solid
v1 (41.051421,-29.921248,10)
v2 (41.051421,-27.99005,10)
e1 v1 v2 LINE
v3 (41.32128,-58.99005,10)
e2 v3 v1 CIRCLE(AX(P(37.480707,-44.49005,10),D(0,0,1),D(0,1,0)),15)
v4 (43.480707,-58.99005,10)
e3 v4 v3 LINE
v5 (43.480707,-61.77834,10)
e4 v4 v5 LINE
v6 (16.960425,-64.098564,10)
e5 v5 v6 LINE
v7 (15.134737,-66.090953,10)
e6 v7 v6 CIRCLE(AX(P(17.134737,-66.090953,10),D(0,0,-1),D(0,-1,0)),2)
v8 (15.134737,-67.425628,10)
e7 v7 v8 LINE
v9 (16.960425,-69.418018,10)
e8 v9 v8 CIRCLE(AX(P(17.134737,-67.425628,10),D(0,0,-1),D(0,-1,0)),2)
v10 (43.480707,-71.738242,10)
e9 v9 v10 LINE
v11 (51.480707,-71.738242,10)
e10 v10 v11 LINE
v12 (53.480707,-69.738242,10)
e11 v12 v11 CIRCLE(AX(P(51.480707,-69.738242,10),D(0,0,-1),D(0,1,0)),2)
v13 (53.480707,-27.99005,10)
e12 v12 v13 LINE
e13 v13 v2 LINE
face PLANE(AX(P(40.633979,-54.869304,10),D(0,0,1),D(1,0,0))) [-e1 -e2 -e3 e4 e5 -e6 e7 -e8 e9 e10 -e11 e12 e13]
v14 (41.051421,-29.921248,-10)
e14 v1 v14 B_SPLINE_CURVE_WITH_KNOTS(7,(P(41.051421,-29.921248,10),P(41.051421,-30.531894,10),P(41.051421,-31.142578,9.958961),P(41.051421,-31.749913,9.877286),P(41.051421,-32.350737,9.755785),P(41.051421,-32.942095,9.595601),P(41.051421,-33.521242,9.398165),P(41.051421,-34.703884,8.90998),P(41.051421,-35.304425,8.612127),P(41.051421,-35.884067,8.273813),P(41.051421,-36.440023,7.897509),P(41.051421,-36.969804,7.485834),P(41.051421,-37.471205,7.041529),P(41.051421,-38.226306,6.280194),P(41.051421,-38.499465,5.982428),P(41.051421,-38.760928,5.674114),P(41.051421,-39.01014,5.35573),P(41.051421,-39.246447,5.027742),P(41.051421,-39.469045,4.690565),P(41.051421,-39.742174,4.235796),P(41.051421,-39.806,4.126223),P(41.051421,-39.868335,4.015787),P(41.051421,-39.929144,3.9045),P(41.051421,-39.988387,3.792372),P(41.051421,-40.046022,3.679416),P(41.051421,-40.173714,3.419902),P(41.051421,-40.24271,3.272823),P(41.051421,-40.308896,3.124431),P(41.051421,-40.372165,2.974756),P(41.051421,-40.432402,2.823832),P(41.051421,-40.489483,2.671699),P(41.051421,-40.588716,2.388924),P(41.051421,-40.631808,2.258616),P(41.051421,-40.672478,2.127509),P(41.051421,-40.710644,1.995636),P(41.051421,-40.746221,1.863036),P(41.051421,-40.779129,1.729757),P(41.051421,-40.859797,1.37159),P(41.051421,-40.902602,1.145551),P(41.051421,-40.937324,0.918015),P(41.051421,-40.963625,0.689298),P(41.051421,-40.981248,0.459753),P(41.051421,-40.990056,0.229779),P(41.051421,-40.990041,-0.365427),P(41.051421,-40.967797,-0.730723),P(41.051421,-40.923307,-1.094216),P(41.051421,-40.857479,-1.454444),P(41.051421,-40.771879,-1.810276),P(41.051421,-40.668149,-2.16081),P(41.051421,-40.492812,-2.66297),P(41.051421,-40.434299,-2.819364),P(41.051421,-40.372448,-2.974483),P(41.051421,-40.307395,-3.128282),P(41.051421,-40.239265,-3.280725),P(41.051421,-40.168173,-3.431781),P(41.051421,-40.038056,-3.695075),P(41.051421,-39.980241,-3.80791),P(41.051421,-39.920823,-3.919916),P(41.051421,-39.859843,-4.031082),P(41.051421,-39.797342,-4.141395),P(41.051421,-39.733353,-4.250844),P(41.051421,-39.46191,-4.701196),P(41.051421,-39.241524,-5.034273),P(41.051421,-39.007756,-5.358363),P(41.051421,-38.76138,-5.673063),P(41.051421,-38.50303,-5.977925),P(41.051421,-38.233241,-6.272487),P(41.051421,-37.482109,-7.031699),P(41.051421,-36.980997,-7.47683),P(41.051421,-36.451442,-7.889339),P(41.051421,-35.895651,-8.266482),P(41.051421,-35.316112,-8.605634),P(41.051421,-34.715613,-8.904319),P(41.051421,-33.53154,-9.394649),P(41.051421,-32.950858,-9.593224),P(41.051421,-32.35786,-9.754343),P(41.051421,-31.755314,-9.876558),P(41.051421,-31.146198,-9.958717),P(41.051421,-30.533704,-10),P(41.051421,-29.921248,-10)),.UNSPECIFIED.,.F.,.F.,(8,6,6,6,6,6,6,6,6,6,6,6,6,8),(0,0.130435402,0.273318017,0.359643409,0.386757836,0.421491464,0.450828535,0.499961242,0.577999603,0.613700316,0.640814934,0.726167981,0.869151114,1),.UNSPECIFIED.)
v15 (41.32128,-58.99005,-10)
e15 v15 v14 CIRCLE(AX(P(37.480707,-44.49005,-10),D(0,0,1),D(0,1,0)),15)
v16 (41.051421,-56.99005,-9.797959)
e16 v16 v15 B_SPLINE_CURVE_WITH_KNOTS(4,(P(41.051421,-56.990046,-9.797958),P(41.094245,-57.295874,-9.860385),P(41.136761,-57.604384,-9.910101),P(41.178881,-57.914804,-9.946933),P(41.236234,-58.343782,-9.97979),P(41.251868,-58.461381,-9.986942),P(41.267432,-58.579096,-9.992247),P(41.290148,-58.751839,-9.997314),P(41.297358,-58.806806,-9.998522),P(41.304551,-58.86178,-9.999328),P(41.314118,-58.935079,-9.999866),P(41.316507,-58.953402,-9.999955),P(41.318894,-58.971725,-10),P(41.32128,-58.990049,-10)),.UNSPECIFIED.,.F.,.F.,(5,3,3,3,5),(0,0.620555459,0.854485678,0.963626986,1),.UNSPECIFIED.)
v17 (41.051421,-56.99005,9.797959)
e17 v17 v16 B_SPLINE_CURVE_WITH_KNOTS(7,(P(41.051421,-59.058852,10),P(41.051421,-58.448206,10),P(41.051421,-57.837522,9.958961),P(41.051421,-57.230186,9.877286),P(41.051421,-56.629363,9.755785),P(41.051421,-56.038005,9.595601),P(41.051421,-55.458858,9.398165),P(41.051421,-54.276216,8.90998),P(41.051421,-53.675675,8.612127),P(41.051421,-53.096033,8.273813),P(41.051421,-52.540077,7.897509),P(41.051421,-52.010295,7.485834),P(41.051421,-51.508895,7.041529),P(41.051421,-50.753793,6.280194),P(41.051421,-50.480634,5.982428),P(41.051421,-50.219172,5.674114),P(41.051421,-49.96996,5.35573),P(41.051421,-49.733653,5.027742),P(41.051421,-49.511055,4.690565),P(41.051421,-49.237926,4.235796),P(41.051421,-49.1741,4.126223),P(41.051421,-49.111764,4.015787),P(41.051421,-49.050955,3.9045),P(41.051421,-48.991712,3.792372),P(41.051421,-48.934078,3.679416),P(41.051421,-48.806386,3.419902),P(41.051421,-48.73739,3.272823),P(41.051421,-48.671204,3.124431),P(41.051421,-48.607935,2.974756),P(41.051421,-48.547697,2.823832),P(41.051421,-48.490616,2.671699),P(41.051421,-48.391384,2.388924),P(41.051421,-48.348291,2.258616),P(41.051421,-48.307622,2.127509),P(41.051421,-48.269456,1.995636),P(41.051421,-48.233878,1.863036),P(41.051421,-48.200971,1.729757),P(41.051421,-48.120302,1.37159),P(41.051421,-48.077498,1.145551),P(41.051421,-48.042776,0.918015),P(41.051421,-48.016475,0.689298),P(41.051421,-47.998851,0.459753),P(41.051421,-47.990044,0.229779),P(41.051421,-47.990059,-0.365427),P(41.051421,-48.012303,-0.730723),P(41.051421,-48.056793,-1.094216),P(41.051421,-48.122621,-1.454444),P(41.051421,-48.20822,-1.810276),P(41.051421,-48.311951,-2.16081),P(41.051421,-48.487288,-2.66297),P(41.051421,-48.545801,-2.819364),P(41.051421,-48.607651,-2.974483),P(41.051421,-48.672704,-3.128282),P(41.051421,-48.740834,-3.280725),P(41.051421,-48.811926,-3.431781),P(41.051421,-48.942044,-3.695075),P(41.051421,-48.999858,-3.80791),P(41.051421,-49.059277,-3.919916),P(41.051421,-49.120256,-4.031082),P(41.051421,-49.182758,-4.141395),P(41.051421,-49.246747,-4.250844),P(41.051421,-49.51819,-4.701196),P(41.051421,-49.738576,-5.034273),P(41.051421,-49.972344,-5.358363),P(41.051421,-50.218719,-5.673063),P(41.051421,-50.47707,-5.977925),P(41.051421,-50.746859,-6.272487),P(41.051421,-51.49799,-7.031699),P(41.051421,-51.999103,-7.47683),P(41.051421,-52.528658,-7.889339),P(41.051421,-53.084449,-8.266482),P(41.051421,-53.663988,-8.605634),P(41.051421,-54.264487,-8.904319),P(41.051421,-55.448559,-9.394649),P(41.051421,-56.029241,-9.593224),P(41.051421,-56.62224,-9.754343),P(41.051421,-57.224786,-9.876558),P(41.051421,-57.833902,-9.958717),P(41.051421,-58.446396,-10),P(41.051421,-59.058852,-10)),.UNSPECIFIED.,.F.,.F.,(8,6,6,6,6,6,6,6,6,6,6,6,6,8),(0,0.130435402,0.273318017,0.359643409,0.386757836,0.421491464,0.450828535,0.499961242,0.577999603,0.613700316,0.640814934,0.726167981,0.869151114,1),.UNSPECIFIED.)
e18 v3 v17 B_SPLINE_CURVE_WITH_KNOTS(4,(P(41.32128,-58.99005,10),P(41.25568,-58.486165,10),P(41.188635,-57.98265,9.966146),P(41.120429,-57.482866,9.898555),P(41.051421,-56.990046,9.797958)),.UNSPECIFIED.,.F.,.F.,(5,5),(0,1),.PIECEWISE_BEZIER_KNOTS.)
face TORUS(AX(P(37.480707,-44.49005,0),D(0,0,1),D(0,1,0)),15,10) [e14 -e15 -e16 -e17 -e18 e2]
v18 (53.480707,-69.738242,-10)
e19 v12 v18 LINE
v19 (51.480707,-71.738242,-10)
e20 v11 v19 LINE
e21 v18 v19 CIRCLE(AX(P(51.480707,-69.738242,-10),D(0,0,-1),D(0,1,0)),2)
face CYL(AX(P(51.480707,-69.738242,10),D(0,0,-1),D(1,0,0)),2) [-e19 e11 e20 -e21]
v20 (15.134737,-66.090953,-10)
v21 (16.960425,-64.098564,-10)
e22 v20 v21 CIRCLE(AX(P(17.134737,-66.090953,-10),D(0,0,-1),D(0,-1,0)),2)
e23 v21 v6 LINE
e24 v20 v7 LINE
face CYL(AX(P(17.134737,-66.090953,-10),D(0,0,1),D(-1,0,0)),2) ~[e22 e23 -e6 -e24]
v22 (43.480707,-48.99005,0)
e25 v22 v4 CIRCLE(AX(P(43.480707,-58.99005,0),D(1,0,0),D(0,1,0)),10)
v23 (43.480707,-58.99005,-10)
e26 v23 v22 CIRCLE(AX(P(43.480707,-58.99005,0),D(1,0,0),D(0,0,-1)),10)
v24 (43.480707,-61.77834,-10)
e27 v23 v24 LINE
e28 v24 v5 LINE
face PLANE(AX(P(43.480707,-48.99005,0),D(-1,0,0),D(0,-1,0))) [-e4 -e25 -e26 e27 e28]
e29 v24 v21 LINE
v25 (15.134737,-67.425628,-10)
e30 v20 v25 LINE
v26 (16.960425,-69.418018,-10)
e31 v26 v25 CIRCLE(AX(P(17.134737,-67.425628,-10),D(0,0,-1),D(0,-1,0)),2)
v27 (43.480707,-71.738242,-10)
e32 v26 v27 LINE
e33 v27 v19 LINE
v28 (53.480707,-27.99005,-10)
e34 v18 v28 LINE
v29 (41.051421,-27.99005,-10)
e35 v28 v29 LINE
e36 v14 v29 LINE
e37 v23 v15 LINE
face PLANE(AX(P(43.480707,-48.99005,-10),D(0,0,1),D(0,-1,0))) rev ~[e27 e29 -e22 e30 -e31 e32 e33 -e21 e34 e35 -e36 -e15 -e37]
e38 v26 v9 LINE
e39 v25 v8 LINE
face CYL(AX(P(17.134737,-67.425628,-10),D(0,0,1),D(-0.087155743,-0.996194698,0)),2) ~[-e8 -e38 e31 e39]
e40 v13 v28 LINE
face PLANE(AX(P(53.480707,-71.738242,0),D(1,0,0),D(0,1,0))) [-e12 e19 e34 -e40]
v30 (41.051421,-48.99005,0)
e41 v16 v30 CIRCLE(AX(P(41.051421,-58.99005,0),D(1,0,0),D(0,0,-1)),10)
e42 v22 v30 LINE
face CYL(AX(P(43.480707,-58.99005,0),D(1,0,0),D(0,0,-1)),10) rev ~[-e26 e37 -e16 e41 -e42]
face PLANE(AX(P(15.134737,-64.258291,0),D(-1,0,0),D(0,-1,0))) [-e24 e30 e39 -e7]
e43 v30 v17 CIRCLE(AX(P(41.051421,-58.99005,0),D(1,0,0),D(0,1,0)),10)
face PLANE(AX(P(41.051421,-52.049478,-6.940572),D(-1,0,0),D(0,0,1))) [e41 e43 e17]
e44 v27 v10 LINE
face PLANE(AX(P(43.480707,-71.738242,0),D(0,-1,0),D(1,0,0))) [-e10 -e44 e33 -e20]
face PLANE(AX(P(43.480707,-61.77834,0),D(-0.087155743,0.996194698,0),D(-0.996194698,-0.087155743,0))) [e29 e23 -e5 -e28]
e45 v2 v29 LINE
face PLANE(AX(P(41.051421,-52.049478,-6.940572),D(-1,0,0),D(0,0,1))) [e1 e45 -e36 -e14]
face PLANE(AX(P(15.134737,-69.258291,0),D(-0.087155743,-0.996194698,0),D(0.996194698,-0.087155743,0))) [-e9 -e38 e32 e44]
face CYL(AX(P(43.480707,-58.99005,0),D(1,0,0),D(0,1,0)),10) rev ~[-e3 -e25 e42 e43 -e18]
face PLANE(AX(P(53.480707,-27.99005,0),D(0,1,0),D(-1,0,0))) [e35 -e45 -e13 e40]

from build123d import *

# Parameters (mm, degrees)
BOSS_EXTRUDE1_DEPTH = 10
BOSS_EXTRUDE2_DEPTH = 2.429285786
FILLET2_R           = 2


with BuildPart() as part:
    # Sketch2 → Boss-Extrude1 (new, symmetric)
    with BuildSketch(Plane.XY):
        Polygon((41.051421481, -27.990049876), (41.051421481, -48.990049876), (43.480707267, -48.990049876), (43.480707267, -61.778339755), (15.134736917, -64.258290817), (15.134736917, -69.258290817), (43.480707267, -71.738241879), (53.480707267, -71.738241879), (53.480707267, -27.990049876), align=None)
    extrude(amount=BOSS_EXTRUDE1_DEPTH, both=True)

    # Sketch4 → Boss-Extrude2 (add)
    with BuildSketch(Plane.ZY.offset(-43.480707267)):
        with BuildLine():
            Line((-10, -48.990049876), (-10, -58.990049876))
            ThreePointArc((-10, -58.990049876), (-7.071067812, -51.918982064), (0, -48.990049876))
            Line((0, -48.990049876), (-10, -48.990049876))
        make_face()
        with BuildLine():
            Line((10, -48.990049876), (0, -48.990049876))
            ThreePointArc((0, -48.990049876), (7.071067812, -51.918982064), (10, -58.990049876))
            Line((10, -58.990049876), (10, -48.990049876))
        make_face()
    extrude(amount=BOSS_EXTRUDE2_DEPTH)

    # Sketch3 → Cut-Revolve1 (revolve, cut)
    with BuildSketch(Plane.ZY.offset(-37.480707267)):
        with BuildLine():
            Line((-10, -44.490049876), (10, -44.490049876))
            Line((10, -44.490049876), (10, -29.490049876))
            ThreePointArc((10, -29.490049876), (0, -39.490049876), (-10, -29.490049876))
            Line((-10, -29.490049876), (-10, -44.490049876))
        make_face()
    revolve(axis=Axis((37.480707267, -44.490049876, -10), (0, 0, 1)), mode=Mode.SUBTRACT)

    # Fillet2
    fillet2_edges = [part.edges().sort_by_distance(p)[0] for p in [
        (53.480707267, -71.738241879, 0),
        (15.134736917, -69.258290817, 0),
        (15.134736917, -64.258290817, 0),
    ]]
    fillet(fillet2_edges, radius=FILLET2_R)


solid = part.part
